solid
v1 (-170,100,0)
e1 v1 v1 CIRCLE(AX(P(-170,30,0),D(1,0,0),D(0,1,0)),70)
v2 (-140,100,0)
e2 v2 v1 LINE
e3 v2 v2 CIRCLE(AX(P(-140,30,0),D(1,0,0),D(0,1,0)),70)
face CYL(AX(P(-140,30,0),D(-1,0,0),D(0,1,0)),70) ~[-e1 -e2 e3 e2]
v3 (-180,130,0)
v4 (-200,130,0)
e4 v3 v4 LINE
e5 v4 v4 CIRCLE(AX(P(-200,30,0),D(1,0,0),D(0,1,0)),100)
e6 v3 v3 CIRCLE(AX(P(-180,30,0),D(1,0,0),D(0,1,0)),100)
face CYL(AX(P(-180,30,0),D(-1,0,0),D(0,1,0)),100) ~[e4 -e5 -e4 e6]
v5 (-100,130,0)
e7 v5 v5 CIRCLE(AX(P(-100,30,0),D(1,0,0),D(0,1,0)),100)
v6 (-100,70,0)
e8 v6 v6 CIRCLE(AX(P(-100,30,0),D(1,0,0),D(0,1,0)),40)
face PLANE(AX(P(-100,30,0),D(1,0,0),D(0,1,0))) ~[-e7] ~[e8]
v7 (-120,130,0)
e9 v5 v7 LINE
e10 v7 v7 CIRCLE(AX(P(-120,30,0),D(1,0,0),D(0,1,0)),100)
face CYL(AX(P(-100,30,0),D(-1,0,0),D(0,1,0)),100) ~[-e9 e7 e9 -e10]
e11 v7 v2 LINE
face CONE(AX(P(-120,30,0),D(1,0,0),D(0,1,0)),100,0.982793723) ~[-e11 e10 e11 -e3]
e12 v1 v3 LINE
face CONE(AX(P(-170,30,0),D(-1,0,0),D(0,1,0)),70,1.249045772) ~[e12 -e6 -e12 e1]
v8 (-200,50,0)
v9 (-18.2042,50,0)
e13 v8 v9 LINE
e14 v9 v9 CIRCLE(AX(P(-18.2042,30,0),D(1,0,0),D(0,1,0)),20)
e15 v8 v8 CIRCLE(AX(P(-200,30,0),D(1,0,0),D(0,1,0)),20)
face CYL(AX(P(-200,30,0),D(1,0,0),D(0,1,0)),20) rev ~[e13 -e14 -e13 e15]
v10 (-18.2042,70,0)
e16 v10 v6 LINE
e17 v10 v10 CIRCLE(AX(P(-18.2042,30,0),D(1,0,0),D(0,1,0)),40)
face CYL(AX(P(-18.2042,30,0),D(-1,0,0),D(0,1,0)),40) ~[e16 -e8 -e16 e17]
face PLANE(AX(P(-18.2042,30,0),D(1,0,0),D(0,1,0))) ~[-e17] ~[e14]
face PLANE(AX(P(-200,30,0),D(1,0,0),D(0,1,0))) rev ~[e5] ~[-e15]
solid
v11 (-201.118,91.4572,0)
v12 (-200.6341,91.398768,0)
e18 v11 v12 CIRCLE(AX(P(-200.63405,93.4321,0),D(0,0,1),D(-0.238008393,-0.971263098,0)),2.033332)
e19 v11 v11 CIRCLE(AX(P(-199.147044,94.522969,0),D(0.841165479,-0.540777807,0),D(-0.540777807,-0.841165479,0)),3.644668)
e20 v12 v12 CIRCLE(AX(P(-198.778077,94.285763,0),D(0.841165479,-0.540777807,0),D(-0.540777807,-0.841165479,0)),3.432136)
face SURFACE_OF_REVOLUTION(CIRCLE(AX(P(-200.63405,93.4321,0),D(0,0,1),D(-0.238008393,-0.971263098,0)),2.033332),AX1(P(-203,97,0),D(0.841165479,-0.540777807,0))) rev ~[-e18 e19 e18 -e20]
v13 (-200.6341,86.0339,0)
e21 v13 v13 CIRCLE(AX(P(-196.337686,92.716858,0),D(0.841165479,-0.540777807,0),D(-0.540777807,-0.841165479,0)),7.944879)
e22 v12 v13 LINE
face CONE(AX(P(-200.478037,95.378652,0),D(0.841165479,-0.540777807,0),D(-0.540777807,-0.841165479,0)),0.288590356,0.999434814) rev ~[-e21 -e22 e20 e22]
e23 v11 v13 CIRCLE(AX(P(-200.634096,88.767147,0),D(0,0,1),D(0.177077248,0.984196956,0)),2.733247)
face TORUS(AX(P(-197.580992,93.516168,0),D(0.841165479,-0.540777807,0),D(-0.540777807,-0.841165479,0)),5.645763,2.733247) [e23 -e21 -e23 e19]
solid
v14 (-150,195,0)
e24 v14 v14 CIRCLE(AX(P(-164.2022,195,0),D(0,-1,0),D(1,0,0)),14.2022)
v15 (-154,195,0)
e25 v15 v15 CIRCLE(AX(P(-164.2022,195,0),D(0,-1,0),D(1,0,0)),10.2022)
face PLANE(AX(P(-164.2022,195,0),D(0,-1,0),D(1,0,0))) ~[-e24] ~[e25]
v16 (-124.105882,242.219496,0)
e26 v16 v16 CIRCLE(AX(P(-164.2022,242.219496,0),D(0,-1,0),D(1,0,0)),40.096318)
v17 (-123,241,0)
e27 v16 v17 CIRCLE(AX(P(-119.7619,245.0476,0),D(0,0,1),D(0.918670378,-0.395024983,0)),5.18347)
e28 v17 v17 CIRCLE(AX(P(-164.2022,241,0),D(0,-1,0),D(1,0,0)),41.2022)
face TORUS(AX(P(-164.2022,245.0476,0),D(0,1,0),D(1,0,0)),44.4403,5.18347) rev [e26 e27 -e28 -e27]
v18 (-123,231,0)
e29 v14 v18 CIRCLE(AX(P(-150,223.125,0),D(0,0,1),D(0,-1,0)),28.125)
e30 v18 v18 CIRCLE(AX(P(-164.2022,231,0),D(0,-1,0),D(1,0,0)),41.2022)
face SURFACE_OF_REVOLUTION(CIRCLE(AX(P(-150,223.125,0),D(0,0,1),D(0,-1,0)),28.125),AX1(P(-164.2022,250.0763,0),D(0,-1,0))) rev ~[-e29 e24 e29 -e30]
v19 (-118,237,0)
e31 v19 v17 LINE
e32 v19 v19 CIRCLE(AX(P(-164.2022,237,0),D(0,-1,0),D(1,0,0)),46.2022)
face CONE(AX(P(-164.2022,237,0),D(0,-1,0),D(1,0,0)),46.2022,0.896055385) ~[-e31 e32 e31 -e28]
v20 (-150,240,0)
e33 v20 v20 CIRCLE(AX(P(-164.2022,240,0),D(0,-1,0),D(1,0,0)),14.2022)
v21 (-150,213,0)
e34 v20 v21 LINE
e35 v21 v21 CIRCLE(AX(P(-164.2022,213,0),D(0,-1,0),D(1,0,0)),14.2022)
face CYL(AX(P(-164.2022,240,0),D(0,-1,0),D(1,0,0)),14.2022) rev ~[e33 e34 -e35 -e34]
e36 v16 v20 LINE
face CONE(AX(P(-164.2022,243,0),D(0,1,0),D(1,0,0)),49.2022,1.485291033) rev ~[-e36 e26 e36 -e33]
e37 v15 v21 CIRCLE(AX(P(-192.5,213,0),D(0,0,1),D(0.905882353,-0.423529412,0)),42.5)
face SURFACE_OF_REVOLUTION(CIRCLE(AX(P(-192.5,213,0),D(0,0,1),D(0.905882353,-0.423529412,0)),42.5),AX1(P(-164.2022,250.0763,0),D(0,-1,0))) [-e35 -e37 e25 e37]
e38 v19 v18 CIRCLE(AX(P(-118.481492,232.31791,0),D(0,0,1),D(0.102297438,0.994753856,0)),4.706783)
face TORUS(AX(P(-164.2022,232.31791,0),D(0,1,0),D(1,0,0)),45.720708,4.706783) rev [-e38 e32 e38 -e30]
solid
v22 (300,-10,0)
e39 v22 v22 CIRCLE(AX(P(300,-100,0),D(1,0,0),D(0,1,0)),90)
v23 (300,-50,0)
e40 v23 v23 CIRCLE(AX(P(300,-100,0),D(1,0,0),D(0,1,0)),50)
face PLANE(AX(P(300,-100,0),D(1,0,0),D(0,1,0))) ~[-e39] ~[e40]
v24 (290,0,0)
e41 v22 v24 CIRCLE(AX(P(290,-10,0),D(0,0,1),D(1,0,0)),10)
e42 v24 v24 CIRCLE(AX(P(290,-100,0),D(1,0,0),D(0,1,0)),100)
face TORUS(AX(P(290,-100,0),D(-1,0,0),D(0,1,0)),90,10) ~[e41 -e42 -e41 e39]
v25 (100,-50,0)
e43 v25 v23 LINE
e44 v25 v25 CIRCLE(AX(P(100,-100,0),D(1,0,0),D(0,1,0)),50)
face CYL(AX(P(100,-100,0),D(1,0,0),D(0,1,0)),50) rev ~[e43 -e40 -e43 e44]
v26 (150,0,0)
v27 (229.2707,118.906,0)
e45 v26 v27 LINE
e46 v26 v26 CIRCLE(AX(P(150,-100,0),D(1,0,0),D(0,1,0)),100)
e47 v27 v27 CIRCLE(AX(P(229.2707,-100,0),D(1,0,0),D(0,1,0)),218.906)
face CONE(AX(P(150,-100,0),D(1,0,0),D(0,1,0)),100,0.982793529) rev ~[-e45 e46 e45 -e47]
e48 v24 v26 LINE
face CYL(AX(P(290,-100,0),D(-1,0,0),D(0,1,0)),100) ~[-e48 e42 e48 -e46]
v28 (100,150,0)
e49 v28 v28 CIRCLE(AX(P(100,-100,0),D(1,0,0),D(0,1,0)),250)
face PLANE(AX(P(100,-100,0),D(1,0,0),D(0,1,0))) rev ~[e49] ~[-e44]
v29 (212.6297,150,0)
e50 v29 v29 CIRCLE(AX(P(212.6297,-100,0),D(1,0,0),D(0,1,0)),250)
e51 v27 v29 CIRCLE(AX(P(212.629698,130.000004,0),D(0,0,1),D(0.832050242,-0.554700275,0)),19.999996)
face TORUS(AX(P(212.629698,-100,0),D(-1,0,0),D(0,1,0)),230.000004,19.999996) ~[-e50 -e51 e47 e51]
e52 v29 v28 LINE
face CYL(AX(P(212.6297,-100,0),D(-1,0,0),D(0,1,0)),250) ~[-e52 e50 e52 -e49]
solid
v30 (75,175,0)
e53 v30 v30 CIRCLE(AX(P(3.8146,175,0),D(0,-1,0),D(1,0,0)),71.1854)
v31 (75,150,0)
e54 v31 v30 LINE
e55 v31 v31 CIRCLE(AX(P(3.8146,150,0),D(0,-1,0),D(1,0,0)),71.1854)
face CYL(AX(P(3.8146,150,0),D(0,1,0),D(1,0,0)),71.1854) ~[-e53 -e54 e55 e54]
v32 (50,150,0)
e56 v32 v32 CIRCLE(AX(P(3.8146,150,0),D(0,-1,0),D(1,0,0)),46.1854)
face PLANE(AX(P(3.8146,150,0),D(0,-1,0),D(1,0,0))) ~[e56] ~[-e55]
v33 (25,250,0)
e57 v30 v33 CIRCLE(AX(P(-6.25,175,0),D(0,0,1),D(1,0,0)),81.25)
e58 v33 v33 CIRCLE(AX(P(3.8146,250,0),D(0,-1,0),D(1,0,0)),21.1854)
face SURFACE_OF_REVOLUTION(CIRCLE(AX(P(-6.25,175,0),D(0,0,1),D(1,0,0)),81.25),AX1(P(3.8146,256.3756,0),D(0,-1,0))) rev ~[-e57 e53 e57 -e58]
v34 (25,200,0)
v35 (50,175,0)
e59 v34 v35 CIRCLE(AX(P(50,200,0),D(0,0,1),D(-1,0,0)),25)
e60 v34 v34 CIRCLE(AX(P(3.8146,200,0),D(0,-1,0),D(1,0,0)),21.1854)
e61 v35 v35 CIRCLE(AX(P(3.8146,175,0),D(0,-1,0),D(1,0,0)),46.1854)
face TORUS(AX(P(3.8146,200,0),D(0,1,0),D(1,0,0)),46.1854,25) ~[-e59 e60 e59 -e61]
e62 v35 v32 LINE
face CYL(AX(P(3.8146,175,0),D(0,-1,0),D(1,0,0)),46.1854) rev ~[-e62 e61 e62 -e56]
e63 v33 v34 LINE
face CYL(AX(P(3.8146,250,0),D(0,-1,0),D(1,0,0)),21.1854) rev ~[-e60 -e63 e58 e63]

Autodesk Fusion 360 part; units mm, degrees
sketch "Sketch1" plane through (0, 0, 0) normal (0, 0, 1) x (1, 0, 0)
  line L0 (-200, 130) -> (-200, 50)
  line L1 (-200, 50) -> (-18.2042, 50)
  line L2 (-18.2042, 50) -> (-18.2042, 70)
  line L3 (-18.2042, 70) -> (-100, 70)
  line L4 (-100, 70) -> (-100, 130)
  line L5 (-100, 130) -> (-120, 130)
  line L6 (-120, 130) -> (-140, 100)
  line L7 (-140, 100) -> (-170, 100)
  line L8 (-170, 100) -> (-180, 130)
  line L9 (-180, 130) -> (-200, 130)
  line L10 (-250, 30) -> (0, 30)
revolve "Revolve1" add sketch "Sketch1" angle 360 about axis through (-250, 30, 0) along (1, 0, 0) makes body 1
sketch "Sketch2" plane through (0, 0, 0) normal (0, 0, 1) x (1, 0, 0)
  line L0 (100, 150) -> (100, -50)
  line L1 (100, -50) -> (300, -50)
  line L2 (300, -50) -> (300, -10)
  line L3 (290, 0) -> (150, 0)
  line L4 (150, 0) -> (229.2707, 118.906)
  line L5 (212.6297, 150) -> (100, 150)
  arc A0 (229.2707, 118.906) -> (212.6297, 150) centre (212.6297, 130) ccw
  arc A1 (300, -10) -> (290, 0) centre (290, -10) ccw
  line L6 (50, -100) -> (370, -100)
  dimension "d2" = 20
  dimension "d3" = 10
revolve "Revolve2" add sketch "Sketch2" angle 360 about axis through (50, -100, 0) along (1, 0, 0) separate body makes body 2
copy_body "Body->Comp1" bodies 1 removing the originals makes body 3 in component "Component"
copy_body "Body->Comp2" bodies 2 removing the originals makes body 4 in component "Component'"
sketch "Sketch3" plane through (0, 0, 0) normal (0, 0, 1) x (1, 0, 0)
  line L0 (25, 250) -> (25, 200)
  arc A0 (25, 200) -> (50, 175) centre (50, 200) ccw
  line L1 (50, 175) -> (50, 150)
  line L2 (50, 150) -> (75, 150)
  line L3 (75, 150) -> (75, 175)
  arc A1 (75, 175) -> (25, 250) centre (-6.25, 175) ccw
  line L4 (3.8146, 256.3756) -> (3.8146, 150)
revolve "Revolve3" add sketch "Sketch3" angle 360 about axis through (3.8146, 256.3756, 0) along (0, -1, 0) separate body makes body 5
copy_body "Body->Comp3" bodies 5 removing the originals makes body 6 in component "Component''"
sketch "Sketch4" plane through (0, 0, 0) normal (0, 0, 1) x (1, 0, 0)
  line L0 (-150, 240) -> (-150, 213)
  arc A0 (-154, 195) -> (-150, 213) centre (-192.5, 213) ccw
  line L1 (-154, 195) -> (-150, 195)
  arc A1 (-150, 195) -> (-123, 231) centre (-150, 223.125) ccw
  arc A2 (-118, 237) -> (-123, 231) centre (-118.4815, 232.3179) ccw
  line L2 (-118, 237) -> (-123, 241)
  arc A3 (-115, 243) -> (-123, 241) centre (-119.7619, 245.0476) ccw
  line L3 (-115, 243) -> (-150, 240)
  line L4 (-164.2022, 250.0763) -> (-164.2022, 180)
revolve "Revolve4" add sketch "Sketch4" angle 360 about axis through (-164.2022, 250.0763, 0) along (0, -1, 0) separate body contours L0 A0 L1 A1 A2 L2 A3 L3 makes body 7
copy_body "Body->Comp4" bodies 7 removing the originals makes body 8 in component "Component'''"
sketch "Sketch5" plane through (0, 0, 0) normal (0, 0, 1) x (1, 0, 0)
  line L0 (-200.6341, 95.1359) -> (-200.6341, 70.2872)
  arc A0 (-201.118, 91.4572) -> (-200.1501, 91.4572) centre (-200.6341, 93.4321) ccw
  arc A1 (-200.1501, 91.4572) -> (-200.6341, 86.0339) centre (-200.6341, 88.7671) ccw
  arc A2 (-200.6341, 86.0158) -> (-200.6341, 79.8162) centre (-200.6341, 82.916) ccw
  arc A3 (-200.6341, 79.7128) -> (-200.6341, 70.2872) centre (-200.6341, 75) ccw
  line L1 (-203, 97) -> (-161, 70)
revolve "Revolve5" add sketch "Sketch5" angle 360 about axis through (-203, 97, 0) along (0.8412, -0.5408, 0) separate body contours L0 A0 A1 picked at (-200.7686, 87.8322) makes body 9
component "Component" placed x (1, 0, 0) y (0, 1, 0) z (0, 0, 1) at (0, 0, 0)
component "Component'" placed x (1, 0, 0) y (0, 1, 0) z (0, 0, 1) at (0, 0, 0)
component "Component''" placed x (1, 0, 0) y (0, 1, 0) z (0, 0, 1) at (0, 0, 0)
component "Component'''" placed x (1, 0, 0) y (0, 1, 0) z (0, 0, 1) at (0, 0, 0)
